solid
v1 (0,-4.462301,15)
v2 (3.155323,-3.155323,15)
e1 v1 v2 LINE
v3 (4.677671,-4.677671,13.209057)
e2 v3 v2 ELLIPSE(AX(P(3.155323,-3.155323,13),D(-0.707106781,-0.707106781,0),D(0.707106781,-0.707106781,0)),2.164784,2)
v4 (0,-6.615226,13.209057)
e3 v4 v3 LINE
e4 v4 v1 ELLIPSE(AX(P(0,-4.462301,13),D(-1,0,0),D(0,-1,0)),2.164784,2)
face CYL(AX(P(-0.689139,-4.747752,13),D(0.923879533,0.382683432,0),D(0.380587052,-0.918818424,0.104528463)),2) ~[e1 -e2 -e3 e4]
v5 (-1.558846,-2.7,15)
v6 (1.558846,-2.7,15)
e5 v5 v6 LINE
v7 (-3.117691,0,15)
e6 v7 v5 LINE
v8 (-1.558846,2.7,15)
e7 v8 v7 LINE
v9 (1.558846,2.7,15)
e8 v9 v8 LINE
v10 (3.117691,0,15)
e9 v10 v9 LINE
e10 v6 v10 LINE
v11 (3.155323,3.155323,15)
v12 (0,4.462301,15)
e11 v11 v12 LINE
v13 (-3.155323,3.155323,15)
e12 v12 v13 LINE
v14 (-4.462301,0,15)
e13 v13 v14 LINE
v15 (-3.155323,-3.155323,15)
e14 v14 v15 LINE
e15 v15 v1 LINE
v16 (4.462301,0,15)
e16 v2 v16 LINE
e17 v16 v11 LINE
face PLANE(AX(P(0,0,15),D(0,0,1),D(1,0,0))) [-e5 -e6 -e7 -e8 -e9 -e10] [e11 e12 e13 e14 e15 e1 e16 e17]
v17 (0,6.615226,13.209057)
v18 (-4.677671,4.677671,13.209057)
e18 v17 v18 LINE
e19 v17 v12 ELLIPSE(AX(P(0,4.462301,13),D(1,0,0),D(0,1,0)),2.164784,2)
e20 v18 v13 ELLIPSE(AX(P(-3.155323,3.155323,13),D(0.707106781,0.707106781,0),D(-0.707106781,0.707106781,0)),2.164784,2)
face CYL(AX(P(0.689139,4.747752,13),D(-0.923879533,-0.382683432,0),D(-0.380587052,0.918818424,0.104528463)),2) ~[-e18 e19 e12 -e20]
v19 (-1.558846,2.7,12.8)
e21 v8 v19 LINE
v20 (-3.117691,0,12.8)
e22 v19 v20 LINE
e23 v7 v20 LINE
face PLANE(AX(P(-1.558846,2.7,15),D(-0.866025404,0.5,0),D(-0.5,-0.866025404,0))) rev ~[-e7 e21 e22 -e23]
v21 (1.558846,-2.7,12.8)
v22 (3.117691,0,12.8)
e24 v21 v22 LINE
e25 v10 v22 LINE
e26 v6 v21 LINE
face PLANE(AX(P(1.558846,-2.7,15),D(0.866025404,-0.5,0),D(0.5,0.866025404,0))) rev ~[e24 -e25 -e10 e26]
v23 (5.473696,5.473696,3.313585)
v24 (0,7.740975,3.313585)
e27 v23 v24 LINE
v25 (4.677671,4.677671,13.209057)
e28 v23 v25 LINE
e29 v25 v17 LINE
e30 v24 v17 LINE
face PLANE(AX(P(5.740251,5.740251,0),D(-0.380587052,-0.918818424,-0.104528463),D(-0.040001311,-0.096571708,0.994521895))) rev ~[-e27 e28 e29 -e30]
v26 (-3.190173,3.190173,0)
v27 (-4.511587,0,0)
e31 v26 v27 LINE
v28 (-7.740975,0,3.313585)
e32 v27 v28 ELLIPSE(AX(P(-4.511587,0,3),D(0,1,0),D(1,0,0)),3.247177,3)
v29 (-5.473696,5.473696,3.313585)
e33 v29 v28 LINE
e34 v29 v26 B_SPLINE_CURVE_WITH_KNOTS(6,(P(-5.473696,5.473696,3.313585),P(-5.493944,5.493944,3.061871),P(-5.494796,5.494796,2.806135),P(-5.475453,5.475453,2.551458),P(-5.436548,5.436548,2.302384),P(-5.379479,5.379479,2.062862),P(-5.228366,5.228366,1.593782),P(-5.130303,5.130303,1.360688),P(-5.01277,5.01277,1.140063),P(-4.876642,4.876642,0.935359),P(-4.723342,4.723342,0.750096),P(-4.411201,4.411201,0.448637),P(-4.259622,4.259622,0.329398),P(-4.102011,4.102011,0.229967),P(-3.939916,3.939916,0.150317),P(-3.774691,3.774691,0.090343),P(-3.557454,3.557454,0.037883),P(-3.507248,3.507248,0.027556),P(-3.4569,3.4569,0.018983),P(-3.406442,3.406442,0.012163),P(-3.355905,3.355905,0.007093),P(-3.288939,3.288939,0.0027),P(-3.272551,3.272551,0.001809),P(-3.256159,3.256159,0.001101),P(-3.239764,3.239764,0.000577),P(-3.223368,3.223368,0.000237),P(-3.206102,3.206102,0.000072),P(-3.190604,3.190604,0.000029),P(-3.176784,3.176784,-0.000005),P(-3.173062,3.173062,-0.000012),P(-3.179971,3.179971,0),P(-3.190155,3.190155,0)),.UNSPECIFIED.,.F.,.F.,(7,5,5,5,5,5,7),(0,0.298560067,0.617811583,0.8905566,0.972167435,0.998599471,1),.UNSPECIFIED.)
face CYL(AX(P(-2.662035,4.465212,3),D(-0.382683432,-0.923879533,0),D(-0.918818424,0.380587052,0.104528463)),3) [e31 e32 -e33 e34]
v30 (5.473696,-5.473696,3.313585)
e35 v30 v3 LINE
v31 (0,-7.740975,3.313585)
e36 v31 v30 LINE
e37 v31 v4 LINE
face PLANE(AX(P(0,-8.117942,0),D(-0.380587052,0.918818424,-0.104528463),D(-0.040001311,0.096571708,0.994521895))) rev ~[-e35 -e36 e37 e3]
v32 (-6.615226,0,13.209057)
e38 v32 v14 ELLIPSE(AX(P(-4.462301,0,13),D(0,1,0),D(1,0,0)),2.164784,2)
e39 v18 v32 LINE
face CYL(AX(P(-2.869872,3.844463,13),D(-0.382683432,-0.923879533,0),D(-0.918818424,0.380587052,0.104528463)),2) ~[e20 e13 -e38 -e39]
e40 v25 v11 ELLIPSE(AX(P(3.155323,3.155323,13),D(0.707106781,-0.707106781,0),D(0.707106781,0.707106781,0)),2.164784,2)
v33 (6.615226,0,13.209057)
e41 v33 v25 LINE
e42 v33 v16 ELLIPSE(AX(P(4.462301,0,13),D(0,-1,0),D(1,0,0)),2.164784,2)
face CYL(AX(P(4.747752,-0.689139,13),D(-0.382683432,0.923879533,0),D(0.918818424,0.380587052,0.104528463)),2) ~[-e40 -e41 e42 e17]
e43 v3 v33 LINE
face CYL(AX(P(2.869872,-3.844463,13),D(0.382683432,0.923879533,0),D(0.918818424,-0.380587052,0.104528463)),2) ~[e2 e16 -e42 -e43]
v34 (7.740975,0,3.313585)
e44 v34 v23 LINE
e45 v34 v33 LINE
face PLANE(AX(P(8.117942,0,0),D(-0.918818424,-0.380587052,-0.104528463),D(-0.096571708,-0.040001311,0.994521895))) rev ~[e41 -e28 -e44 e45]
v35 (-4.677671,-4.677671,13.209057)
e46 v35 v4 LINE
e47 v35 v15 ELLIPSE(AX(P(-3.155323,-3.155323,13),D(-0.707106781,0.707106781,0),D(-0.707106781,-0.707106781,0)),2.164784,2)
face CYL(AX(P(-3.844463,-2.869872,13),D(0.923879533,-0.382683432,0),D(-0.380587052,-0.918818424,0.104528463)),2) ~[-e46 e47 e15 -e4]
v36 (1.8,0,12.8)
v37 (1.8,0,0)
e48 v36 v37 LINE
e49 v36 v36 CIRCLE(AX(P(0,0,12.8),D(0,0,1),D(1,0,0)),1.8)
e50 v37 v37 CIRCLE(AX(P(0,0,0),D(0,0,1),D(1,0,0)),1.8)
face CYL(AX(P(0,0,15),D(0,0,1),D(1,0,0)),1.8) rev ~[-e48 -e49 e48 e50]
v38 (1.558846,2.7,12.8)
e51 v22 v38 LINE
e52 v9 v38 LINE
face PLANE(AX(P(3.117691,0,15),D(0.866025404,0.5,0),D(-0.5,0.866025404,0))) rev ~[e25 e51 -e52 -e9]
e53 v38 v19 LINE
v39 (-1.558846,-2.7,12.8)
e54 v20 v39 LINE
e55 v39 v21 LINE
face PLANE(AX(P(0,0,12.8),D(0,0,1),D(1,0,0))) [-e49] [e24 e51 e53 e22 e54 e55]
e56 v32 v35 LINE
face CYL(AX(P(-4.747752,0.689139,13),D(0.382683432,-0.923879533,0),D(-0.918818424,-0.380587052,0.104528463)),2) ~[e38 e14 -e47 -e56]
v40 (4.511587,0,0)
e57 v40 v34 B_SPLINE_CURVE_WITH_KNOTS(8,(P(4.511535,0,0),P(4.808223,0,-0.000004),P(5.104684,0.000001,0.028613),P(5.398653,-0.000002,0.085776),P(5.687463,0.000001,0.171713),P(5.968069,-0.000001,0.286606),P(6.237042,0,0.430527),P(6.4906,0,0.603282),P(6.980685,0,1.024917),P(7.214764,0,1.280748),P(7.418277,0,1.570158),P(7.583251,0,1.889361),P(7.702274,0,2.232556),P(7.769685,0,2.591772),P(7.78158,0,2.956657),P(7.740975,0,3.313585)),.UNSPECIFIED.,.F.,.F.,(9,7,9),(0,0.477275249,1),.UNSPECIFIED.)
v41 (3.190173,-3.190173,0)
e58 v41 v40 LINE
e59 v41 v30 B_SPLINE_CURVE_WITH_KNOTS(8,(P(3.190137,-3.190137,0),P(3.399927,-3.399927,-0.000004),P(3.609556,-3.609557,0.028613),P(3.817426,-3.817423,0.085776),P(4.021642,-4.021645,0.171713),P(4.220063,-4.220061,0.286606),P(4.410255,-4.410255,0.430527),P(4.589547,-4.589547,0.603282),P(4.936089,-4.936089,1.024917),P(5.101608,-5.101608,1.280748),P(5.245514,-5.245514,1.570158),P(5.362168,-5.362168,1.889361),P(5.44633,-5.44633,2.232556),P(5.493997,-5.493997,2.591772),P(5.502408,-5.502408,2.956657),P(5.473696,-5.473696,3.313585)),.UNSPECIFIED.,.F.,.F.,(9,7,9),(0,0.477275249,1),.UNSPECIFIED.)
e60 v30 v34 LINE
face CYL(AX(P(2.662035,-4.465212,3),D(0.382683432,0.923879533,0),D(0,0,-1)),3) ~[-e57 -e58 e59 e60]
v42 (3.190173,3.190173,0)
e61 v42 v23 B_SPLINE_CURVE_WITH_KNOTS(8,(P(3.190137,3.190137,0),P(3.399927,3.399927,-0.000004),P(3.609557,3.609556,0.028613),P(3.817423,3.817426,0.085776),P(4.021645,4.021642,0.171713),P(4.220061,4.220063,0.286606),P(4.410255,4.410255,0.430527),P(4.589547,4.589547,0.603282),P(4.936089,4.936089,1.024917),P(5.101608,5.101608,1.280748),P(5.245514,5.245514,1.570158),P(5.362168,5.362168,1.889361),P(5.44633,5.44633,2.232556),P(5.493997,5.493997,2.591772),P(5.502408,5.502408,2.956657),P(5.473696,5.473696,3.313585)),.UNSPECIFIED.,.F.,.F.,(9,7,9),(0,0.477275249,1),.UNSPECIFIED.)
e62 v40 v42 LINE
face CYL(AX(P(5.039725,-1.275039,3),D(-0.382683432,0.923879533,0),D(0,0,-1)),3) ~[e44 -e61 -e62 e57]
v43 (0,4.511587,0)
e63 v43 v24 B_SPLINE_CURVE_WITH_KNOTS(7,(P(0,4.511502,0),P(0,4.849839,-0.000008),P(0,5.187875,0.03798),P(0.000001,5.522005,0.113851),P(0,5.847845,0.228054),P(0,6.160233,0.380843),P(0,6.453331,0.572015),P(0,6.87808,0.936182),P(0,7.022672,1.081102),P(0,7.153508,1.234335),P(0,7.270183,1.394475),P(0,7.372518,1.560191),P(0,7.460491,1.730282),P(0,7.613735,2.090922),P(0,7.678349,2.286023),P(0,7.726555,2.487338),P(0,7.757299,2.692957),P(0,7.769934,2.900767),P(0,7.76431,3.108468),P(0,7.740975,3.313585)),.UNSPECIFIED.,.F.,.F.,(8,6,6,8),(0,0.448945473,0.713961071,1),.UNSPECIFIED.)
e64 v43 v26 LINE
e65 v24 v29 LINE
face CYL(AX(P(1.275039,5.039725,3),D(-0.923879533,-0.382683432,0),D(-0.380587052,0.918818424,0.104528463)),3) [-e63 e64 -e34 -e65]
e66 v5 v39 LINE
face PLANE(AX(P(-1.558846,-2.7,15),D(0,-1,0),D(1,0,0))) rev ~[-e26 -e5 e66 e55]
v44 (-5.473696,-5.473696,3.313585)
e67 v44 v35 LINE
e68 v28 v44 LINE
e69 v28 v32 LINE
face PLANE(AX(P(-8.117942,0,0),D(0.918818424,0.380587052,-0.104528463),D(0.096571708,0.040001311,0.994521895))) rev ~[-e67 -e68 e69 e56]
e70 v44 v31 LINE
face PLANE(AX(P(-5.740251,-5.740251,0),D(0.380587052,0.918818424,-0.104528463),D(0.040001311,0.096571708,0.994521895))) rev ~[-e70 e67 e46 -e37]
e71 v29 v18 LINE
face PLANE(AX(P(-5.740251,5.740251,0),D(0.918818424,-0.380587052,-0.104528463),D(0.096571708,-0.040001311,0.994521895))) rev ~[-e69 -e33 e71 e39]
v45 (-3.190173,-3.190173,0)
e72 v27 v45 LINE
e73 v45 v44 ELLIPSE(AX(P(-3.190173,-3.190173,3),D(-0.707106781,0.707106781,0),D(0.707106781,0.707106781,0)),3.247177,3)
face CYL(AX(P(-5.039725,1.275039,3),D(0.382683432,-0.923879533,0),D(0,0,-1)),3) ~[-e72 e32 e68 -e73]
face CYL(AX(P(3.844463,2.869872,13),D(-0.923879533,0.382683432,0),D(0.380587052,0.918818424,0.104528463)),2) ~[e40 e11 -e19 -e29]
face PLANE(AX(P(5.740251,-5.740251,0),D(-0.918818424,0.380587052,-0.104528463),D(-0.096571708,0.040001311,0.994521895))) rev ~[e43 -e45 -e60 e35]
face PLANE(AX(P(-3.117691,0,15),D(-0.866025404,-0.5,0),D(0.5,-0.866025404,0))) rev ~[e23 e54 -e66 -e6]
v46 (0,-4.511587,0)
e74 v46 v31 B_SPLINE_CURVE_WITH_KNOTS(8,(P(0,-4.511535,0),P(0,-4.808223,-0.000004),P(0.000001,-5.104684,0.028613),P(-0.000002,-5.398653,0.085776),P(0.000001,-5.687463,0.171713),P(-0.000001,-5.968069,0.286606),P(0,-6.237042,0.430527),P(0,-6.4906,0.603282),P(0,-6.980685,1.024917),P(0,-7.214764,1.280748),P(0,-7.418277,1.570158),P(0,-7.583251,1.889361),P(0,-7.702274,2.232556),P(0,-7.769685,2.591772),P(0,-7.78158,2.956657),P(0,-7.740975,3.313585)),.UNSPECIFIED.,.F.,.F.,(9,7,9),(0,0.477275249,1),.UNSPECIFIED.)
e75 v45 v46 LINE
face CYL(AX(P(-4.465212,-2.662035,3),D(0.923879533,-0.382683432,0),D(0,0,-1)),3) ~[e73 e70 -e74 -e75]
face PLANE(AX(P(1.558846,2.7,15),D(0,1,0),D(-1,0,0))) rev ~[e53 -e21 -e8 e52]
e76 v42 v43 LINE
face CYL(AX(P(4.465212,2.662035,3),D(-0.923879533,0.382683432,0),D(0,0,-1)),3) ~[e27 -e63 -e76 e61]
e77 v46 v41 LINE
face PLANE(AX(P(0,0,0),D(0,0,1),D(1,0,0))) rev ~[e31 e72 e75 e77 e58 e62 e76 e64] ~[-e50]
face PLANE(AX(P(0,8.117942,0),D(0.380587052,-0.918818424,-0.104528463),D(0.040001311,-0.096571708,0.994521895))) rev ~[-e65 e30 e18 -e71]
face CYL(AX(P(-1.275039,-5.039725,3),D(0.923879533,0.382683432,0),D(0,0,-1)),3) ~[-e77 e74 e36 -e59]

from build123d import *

# Parameters (mm, degrees)
F1_DEPTH = 15
F1_TAPER = 6
F2_R     = 1.8
F3_DEPTH = 15.001
F5_DEPTH = 2.2
F6_R     = 2
F7_R     = 3


with BuildPart() as f1:
    # F0 (on Top) → F1 (new body)
    with BuildSketch(Plane.XY):
        Polygon((-5.7402514855, 5.7402514855), (-8.1179415022, 0), (-5.7402514855, -5.7402514855), (0, -8.1179415022), (5.7402514855, -5.7402514855), (8.1179415022, 0), (5.7402514855, 5.7402514855), (0, 8.1179415022), align=None)
    extrude(amount=F1_DEPTH, taper=F1_TAPER)

    # F2 (on face) → F3 (cut, through all)
    with BuildSketch(Plane.XY.offset(15)):
        Circle(F2_R)
    extrude(amount=-F3_DEPTH, mode=Mode.SUBTRACT)

    # F4 (on face) → F5 (cut)
    with BuildSketch(Plane.XY.offset(15)):
        Polygon((-1.5588457268, 2.7), (-3.1176914536, 0), (-1.5588457268, -2.7), (1.5588457268, -2.7), (3.1176914536, 0), (1.5588457268, 2.7), align=None)
    extrude(amount=-F5_DEPTH, mode=Mode.SUBTRACT)

    # F6
    f6_edges = [f1.edges().sort_by_distance(p)[0] for p in [
        (-5.472542, -2.266801, 15),
        (-2.266801, -5.472542, 15),
        (2.266801, -5.472542, 15),
        (5.472542, -2.266801, 15),
        (5.472542, 2.266801, 15),
        (2.266801, 5.472542, 15),
        (-2.266801, 5.472542, 15),
        (-5.472542, 2.266801, 15),
    ]]
    fillet(f6_edges, radius=F6_R)

    # F7
    f7_edges = [f1.edges().sort_by_distance(p)[0] for p in [
        (-2.870126, -6.929096, 0),
        (-6.929096, -2.870126, 0),
        (2.870126, -6.929096, 0),
        (6.929096, -2.870126, 0),
        (6.929096, 2.870126, 0),
        (2.870126, 6.929096, 0),
        (-2.870126, 6.929096, 0),
        (-6.929096, 2.870126, 0),
    ]]
    fillet(f7_edges, radius=F7_R)


solid = f1.part
